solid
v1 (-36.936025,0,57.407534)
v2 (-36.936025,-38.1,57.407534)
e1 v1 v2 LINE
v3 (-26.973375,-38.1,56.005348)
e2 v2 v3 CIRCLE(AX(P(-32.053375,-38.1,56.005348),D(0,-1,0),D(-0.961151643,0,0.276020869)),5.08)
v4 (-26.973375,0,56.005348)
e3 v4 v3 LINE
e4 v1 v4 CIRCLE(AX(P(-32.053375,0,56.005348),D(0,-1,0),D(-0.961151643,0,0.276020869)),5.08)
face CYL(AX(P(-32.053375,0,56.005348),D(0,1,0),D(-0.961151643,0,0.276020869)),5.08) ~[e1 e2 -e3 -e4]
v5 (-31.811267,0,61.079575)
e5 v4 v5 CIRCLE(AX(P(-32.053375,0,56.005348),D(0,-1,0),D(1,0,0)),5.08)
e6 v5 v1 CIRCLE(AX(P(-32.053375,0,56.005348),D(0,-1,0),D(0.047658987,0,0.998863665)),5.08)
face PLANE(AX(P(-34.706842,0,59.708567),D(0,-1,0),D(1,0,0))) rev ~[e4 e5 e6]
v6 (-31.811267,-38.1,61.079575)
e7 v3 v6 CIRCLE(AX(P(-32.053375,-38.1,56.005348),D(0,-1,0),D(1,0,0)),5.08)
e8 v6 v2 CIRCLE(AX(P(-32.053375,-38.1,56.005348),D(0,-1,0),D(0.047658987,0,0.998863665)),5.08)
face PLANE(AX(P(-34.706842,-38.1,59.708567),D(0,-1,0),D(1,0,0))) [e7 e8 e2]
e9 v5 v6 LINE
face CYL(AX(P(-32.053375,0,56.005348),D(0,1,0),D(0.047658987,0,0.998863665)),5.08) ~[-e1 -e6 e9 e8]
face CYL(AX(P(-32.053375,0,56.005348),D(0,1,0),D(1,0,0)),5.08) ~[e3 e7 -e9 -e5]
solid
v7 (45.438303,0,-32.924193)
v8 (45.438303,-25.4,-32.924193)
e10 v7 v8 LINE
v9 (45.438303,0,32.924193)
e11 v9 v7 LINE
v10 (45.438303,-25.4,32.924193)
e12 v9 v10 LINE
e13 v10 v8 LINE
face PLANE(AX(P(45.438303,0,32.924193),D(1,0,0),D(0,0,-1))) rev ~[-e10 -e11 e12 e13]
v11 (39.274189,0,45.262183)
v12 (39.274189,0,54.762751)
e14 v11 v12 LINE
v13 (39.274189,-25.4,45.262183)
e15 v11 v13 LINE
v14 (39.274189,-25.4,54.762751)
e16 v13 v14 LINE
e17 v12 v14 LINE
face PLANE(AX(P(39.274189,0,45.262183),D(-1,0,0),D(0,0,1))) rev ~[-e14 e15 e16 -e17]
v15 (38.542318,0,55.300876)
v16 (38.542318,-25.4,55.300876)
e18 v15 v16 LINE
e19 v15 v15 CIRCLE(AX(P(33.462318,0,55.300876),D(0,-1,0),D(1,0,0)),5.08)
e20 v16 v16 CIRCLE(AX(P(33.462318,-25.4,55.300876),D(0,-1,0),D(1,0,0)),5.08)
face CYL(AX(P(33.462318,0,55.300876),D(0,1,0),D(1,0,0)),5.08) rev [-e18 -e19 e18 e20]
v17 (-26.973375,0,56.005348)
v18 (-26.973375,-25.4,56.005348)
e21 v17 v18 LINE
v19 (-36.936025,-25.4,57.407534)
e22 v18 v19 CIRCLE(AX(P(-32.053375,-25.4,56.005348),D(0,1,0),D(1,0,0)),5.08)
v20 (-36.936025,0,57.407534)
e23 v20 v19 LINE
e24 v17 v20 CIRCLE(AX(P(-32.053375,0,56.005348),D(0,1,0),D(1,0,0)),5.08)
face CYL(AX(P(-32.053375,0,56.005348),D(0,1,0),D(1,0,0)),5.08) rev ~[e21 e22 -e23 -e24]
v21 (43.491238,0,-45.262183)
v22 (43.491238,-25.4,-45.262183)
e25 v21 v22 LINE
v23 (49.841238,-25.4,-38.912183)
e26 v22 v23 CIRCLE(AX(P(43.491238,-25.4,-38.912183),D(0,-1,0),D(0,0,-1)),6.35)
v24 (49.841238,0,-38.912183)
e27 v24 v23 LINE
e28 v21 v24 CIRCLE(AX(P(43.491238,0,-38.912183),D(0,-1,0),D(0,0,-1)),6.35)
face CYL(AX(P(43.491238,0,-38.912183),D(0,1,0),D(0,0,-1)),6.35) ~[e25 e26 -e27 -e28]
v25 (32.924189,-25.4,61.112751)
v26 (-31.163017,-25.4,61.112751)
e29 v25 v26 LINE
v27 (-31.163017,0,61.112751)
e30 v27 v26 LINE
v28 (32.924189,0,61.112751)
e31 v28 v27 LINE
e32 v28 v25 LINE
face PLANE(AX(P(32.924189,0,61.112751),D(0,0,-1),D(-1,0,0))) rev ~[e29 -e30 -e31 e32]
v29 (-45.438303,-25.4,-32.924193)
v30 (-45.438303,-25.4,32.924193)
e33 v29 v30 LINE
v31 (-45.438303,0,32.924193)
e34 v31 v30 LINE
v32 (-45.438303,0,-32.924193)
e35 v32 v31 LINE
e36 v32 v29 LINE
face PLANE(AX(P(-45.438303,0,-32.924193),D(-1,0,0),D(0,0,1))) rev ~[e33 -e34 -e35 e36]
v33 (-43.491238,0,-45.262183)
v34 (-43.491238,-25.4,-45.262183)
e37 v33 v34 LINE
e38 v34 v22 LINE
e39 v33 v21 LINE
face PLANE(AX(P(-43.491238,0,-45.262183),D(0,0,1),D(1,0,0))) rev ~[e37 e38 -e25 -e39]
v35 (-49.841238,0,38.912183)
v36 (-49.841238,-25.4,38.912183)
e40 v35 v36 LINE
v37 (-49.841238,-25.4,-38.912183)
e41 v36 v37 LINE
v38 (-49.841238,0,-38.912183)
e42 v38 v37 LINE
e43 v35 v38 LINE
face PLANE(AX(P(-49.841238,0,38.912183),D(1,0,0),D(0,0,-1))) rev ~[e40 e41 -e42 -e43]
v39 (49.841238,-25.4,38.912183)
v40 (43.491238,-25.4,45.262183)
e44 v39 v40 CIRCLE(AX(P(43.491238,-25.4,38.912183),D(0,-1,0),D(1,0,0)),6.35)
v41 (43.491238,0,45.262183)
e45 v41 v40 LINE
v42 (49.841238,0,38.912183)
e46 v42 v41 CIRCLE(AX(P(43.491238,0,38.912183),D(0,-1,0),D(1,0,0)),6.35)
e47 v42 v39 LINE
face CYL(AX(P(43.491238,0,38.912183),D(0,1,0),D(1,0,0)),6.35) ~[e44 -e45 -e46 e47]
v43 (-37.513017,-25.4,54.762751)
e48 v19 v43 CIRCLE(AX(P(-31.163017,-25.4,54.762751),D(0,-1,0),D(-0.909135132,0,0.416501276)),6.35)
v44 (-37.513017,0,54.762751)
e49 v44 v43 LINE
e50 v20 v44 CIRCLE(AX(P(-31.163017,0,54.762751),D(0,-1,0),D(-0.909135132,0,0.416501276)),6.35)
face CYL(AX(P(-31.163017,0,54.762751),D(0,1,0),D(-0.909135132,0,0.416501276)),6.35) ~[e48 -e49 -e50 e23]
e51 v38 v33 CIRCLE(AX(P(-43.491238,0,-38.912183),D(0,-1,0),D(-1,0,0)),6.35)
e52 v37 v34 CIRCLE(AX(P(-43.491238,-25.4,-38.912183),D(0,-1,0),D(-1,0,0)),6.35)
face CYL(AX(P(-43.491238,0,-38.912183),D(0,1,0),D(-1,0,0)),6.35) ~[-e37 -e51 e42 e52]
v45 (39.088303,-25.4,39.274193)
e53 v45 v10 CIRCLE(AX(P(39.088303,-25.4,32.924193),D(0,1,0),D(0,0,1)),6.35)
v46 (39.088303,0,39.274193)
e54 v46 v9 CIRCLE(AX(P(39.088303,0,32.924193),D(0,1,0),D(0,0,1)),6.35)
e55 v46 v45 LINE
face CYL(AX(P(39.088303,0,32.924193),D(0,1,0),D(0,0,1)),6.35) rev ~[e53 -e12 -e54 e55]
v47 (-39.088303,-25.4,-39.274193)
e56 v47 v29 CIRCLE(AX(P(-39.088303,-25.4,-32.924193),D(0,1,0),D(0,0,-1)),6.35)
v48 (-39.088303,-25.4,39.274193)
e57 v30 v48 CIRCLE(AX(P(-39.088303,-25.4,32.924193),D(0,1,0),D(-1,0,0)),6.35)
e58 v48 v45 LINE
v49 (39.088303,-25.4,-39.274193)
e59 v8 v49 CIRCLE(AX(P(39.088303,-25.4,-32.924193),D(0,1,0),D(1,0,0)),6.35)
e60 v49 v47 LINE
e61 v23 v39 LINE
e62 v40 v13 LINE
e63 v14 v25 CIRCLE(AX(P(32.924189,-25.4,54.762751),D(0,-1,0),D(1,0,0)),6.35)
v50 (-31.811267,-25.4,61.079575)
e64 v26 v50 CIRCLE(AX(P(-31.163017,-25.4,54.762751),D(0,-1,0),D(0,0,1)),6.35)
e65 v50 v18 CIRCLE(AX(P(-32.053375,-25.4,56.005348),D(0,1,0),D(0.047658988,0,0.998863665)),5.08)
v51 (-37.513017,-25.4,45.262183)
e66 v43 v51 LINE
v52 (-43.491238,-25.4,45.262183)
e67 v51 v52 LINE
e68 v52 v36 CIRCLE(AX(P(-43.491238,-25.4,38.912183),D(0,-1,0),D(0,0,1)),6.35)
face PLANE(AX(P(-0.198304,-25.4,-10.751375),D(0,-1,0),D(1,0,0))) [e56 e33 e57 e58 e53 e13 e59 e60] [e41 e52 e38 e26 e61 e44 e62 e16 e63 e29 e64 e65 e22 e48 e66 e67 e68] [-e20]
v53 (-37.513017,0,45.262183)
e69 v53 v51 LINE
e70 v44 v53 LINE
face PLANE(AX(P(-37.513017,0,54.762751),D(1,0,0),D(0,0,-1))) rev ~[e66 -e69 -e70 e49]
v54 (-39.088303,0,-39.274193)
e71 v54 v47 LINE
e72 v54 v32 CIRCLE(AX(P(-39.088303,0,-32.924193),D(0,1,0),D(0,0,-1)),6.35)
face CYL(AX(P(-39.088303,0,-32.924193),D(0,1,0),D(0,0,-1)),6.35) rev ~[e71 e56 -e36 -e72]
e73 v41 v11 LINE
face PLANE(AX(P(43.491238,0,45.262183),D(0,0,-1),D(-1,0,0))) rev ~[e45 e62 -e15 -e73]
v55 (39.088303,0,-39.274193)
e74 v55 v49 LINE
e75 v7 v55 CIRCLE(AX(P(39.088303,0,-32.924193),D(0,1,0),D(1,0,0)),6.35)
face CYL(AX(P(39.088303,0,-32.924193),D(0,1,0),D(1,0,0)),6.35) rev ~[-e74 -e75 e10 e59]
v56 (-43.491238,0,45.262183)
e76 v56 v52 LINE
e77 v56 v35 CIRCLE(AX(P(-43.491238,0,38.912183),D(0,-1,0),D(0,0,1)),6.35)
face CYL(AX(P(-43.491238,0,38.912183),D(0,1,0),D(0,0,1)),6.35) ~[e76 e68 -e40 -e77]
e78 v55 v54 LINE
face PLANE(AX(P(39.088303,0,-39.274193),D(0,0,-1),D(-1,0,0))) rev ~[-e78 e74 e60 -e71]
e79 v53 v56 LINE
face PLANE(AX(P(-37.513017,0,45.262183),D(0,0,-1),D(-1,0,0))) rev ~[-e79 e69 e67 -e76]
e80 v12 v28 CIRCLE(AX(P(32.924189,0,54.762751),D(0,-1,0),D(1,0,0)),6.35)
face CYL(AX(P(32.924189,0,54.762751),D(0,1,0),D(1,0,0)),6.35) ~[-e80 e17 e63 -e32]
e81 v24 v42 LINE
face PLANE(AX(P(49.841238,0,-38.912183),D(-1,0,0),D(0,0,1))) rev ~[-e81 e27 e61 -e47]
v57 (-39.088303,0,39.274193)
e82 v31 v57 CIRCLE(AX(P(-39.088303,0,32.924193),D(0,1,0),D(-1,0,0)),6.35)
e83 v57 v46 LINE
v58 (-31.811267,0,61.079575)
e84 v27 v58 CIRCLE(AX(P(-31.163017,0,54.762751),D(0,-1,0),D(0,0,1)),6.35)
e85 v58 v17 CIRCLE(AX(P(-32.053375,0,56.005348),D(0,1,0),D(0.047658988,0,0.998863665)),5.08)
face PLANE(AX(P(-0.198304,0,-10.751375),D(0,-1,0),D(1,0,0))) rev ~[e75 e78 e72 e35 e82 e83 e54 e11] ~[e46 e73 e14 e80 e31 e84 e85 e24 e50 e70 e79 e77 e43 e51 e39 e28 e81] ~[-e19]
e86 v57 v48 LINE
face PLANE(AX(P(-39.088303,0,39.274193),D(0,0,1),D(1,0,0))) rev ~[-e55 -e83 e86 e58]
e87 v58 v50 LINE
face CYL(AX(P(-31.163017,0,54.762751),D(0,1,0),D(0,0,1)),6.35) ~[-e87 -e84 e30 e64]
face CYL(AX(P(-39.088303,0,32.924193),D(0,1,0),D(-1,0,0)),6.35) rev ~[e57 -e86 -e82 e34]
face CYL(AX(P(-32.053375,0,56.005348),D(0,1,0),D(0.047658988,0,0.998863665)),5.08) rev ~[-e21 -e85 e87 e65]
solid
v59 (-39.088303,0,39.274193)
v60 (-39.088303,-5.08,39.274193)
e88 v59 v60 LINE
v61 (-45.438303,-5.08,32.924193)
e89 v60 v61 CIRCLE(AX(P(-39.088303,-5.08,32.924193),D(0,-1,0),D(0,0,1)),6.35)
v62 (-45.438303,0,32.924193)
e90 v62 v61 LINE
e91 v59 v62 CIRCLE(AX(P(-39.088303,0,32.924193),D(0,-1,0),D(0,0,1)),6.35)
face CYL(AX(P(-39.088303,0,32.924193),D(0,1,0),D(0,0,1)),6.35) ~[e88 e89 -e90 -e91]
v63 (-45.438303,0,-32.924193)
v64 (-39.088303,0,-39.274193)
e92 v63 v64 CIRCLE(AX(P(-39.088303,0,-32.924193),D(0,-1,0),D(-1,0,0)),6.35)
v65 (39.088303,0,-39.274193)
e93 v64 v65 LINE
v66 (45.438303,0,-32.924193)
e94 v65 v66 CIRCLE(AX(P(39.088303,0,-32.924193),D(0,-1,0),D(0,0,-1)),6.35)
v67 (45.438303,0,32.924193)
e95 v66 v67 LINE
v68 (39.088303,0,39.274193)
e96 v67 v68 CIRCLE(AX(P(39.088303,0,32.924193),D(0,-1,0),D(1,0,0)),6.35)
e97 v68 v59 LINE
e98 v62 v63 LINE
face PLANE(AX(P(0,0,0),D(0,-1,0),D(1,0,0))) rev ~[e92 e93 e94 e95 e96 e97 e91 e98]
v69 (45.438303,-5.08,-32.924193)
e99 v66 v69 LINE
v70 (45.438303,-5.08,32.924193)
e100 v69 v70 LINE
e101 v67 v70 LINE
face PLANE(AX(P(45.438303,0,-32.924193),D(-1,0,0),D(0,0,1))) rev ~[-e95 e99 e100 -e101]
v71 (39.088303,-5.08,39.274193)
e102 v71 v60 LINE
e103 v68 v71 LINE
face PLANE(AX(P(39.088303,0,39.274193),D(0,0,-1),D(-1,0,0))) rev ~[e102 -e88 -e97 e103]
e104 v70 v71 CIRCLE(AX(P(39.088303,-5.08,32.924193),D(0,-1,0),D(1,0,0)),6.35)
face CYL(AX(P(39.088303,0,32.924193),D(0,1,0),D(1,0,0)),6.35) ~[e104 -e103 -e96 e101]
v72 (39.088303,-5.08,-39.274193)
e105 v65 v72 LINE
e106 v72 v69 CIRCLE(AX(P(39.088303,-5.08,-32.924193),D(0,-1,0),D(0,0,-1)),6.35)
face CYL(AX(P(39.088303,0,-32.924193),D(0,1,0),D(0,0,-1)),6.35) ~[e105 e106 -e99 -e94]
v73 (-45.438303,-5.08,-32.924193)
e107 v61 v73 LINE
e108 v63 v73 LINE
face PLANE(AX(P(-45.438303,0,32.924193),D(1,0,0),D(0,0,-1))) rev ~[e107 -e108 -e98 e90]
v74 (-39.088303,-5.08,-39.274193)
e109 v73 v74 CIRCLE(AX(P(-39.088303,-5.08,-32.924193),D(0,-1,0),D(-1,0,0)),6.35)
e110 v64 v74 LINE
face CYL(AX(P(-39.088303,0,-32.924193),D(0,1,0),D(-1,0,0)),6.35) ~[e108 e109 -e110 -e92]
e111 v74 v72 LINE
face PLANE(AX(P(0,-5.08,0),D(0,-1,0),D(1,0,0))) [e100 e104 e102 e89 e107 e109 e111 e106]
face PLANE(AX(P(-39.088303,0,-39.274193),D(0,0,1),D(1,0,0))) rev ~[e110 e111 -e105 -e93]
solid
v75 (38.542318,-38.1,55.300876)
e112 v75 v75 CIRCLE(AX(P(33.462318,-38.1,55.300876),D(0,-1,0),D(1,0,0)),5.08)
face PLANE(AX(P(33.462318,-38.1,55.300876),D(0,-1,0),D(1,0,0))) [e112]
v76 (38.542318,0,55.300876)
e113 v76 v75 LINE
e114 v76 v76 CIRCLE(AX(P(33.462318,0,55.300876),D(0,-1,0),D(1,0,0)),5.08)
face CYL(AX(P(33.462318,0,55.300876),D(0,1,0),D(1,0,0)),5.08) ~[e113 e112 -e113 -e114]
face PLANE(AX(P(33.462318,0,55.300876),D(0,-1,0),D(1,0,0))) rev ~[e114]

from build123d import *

# Parameters (mm, degrees)
F1_DEPTH = 5.08
F0_R     = 5.08
F2_DEPTH = 25.4
F3_DEPTH = 38.1


with BuildPart() as f1:
    # F0 (on Front) → F1 (new body)
    with BuildSketch(Plane.XZ):
        with BuildLine():
            Line((39.0883027781, 39.2741925017), (-37.5130171202, 39.2741925017))
            Line((-37.5130171202, 39.2741925017), (-39.0883027781, 39.2741925017))
            ThreePointArc((-39.0883027781, 39.2741925017), (-43.5784308386, 37.4143205622), (-45.4383027781, 32.9241925017))
            Line((-45.4383027781, 32.9241925017), (-45.4383027781, -32.9241925017))
            ThreePointArc((-45.4383027781, -32.9241925017), (-43.5784308386, -37.4143205622), (-39.0883027781, -39.2741925017))
            Line((-39.0883027781, -39.2741925017), (39.0883027781, -39.2741925017))
            ThreePointArc((39.0883027781, -39.2741925017), (43.5784308386, -37.4143205622), (45.4383027781, -32.9241925017))
            Line((45.4383027781, -32.9241925017), (45.4383027781, 32.9241925017))
            ThreePointArc((45.4383027781, 32.9241925017), (43.5784308386, 37.4143205622), (39.0883027781, 39.2741925017))
        make_face()
    extrude(amount=F1_DEPTH)


with BuildPart() as f2:
    # F0 (on Front) → F2 (new body)
    with BuildSketch(Plane.XZ):
        with BuildLine():
            Line((-37.5130171202, 45.2621831046), (-43.491237673, 45.2621831046))
            ThreePointArc((-43.491237673, 45.2621831046), (-47.9813657336, 43.4023111652), (-49.841237673, 38.9121831046))
            Line((-49.841237673, 38.9121831046), (-49.841237673, -38.9121831046))
            ThreePointArc((-49.841237673, -38.9121831046), (-47.9813657336, -43.4023111652), (-43.491237673, -45.2621831046))
            Line((-43.491237673, -45.2621831046), (43.491237673, -45.2621831046))
            ThreePointArc((43.491237673, -45.2621831046), (47.9813657336, -43.4023111652), (49.841237673, -38.9121831046))
            Line((49.841237673, -38.9121831046), (49.841237673, 38.9121831046))
            ThreePointArc((49.841237673, 38.9121831046), (47.9813657336, 43.4023111652), (43.491237673, 45.2621831046))
            Line((43.491237673, 45.2621831046), (39.2741889428, 45.2621831046))
            Line((39.2741889428, 45.2621831046), (39.2741889428, 39.2741925017))
            Line((39.2741889428, 39.2741925017), (39.0883027781, 39.2741925017))
            ThreePointArc((39.0883027781, 39.2741925017), (43.5784308386, 37.4143205622), (45.4383027781, 32.9241925017))
            Line((45.4383027781, 32.9241925017), (45.4383027781, -32.9241925017))
            ThreePointArc((45.4383027781, -32.9241925017), (43.5784308386, -37.4143205622), (39.0883027781, -39.2741925017))
            Line((39.0883027781, -39.2741925017), (-39.0883027781, -39.2741925017))
            ThreePointArc((-39.0883027781, -39.2741925017), (-43.5784308386, -37.4143205622), (-45.4383027781, -32.9241925017))
            Line((-45.4383027781, -32.9241925017), (-45.4383027781, 32.9241925017))
            ThreePointArc((-45.4383027781, 32.9241925017), (-43.5784308386, 37.4143205622), (-39.0883027781, 39.2741925017))
            Line((-39.0883027781, 39.2741925017), (-37.5130171202, 39.2741925017))
            Line((-37.5130171202, 39.2741925017), (-37.5130171202, 45.2621831046))
        make_face()
        Polygon((39.2741889428, 45.2621831046), (-37.5130171202, 45.2621831046), (-37.5130171202, 39.2741925017), (39.0883027781, 39.2741925017), (39.2741889428, 39.2741925017), align=None)
        with BuildLine():
            Line((-37.5130171202, 54.7627508617), (-37.5130171202, 45.2621831046))
            Line((-37.5130171202, 45.2621831046), (39.2741889428, 45.2621831046))
            Line((39.2741889428, 45.2621831046), (39.2741889428, 54.7627508617))
            ThreePointArc((39.2741889428, 54.7627508617), (37.4143170034, 59.2528789222), (32.9241889428, 61.1127508617))
            Line((32.9241889428, 61.1127508617), (-31.1630171202, 61.1127508617))
            ThreePointArc((-31.1630171202, 61.1127508617), (-31.4875663404, 61.1044515645), (-31.8112672046, 61.0795753668))
            ThreePointArc((-31.8112672046, 61.0795753668), (-28.3766707055, 59.5108074846), (-26.973374861, 56.0053479495))
            ThreePointArc((-26.973374861, 56.0053479495), (-32.761377774, 50.9749273035), (-36.9360252056, 57.4075339616))
            ThreePointArc((-36.9360252056, 57.4075339616), (-37.3670924478, 56.1162460884), (-37.5130171202, 54.7627508617))
        make_face()
        with Locations((33.4623180133, 55.3008763733)):
            Circle(F0_R, mode=Mode.SUBTRACT)
    extrude(amount=F2_DEPTH)


with BuildPart() as f3:
    # F0 (on Front) → F3 (new body)
    with BuildSketch(Plane.XZ):
        with BuildLine():
            ThreePointArc((-31.8112672046, 61.0795753668), (-35.0121974529, 60.1347267005), (-36.9360252056, 57.4075339616))
            ThreePointArc((-36.9360252056, 57.4075339616), (-34.8615453601, 59.9244743005), (-31.8112672046, 61.0795753668))
        make_face()
        with BuildLine():
            ThreePointArc((-31.8112672046, 61.0795753668), (-34.8615453601, 59.9244743005), (-36.9360252056, 57.4075339616))
            ThreePointArc((-36.9360252056, 57.4075339616), (-32.761377774, 50.9749273035), (-26.973374861, 56.0053479495))
            ThreePointArc((-26.973374861, 56.0053479495), (-28.3766707055, 59.5108074846), (-31.8112672046, 61.0795753668))
        make_face()
    extrude(amount=F3_DEPTH)


with BuildPart() as f3b:
    # F0 (on Front) → F3, piece 2 (new body)
    with BuildSketch(Plane.XZ):
        with Locations((33.4623180133, 55.3008763733)):
            Circle(F0_R)
    extrude(amount=F3_DEPTH)


solid = Compound([f1.part, f2.part, f3.part, f3b.part])
